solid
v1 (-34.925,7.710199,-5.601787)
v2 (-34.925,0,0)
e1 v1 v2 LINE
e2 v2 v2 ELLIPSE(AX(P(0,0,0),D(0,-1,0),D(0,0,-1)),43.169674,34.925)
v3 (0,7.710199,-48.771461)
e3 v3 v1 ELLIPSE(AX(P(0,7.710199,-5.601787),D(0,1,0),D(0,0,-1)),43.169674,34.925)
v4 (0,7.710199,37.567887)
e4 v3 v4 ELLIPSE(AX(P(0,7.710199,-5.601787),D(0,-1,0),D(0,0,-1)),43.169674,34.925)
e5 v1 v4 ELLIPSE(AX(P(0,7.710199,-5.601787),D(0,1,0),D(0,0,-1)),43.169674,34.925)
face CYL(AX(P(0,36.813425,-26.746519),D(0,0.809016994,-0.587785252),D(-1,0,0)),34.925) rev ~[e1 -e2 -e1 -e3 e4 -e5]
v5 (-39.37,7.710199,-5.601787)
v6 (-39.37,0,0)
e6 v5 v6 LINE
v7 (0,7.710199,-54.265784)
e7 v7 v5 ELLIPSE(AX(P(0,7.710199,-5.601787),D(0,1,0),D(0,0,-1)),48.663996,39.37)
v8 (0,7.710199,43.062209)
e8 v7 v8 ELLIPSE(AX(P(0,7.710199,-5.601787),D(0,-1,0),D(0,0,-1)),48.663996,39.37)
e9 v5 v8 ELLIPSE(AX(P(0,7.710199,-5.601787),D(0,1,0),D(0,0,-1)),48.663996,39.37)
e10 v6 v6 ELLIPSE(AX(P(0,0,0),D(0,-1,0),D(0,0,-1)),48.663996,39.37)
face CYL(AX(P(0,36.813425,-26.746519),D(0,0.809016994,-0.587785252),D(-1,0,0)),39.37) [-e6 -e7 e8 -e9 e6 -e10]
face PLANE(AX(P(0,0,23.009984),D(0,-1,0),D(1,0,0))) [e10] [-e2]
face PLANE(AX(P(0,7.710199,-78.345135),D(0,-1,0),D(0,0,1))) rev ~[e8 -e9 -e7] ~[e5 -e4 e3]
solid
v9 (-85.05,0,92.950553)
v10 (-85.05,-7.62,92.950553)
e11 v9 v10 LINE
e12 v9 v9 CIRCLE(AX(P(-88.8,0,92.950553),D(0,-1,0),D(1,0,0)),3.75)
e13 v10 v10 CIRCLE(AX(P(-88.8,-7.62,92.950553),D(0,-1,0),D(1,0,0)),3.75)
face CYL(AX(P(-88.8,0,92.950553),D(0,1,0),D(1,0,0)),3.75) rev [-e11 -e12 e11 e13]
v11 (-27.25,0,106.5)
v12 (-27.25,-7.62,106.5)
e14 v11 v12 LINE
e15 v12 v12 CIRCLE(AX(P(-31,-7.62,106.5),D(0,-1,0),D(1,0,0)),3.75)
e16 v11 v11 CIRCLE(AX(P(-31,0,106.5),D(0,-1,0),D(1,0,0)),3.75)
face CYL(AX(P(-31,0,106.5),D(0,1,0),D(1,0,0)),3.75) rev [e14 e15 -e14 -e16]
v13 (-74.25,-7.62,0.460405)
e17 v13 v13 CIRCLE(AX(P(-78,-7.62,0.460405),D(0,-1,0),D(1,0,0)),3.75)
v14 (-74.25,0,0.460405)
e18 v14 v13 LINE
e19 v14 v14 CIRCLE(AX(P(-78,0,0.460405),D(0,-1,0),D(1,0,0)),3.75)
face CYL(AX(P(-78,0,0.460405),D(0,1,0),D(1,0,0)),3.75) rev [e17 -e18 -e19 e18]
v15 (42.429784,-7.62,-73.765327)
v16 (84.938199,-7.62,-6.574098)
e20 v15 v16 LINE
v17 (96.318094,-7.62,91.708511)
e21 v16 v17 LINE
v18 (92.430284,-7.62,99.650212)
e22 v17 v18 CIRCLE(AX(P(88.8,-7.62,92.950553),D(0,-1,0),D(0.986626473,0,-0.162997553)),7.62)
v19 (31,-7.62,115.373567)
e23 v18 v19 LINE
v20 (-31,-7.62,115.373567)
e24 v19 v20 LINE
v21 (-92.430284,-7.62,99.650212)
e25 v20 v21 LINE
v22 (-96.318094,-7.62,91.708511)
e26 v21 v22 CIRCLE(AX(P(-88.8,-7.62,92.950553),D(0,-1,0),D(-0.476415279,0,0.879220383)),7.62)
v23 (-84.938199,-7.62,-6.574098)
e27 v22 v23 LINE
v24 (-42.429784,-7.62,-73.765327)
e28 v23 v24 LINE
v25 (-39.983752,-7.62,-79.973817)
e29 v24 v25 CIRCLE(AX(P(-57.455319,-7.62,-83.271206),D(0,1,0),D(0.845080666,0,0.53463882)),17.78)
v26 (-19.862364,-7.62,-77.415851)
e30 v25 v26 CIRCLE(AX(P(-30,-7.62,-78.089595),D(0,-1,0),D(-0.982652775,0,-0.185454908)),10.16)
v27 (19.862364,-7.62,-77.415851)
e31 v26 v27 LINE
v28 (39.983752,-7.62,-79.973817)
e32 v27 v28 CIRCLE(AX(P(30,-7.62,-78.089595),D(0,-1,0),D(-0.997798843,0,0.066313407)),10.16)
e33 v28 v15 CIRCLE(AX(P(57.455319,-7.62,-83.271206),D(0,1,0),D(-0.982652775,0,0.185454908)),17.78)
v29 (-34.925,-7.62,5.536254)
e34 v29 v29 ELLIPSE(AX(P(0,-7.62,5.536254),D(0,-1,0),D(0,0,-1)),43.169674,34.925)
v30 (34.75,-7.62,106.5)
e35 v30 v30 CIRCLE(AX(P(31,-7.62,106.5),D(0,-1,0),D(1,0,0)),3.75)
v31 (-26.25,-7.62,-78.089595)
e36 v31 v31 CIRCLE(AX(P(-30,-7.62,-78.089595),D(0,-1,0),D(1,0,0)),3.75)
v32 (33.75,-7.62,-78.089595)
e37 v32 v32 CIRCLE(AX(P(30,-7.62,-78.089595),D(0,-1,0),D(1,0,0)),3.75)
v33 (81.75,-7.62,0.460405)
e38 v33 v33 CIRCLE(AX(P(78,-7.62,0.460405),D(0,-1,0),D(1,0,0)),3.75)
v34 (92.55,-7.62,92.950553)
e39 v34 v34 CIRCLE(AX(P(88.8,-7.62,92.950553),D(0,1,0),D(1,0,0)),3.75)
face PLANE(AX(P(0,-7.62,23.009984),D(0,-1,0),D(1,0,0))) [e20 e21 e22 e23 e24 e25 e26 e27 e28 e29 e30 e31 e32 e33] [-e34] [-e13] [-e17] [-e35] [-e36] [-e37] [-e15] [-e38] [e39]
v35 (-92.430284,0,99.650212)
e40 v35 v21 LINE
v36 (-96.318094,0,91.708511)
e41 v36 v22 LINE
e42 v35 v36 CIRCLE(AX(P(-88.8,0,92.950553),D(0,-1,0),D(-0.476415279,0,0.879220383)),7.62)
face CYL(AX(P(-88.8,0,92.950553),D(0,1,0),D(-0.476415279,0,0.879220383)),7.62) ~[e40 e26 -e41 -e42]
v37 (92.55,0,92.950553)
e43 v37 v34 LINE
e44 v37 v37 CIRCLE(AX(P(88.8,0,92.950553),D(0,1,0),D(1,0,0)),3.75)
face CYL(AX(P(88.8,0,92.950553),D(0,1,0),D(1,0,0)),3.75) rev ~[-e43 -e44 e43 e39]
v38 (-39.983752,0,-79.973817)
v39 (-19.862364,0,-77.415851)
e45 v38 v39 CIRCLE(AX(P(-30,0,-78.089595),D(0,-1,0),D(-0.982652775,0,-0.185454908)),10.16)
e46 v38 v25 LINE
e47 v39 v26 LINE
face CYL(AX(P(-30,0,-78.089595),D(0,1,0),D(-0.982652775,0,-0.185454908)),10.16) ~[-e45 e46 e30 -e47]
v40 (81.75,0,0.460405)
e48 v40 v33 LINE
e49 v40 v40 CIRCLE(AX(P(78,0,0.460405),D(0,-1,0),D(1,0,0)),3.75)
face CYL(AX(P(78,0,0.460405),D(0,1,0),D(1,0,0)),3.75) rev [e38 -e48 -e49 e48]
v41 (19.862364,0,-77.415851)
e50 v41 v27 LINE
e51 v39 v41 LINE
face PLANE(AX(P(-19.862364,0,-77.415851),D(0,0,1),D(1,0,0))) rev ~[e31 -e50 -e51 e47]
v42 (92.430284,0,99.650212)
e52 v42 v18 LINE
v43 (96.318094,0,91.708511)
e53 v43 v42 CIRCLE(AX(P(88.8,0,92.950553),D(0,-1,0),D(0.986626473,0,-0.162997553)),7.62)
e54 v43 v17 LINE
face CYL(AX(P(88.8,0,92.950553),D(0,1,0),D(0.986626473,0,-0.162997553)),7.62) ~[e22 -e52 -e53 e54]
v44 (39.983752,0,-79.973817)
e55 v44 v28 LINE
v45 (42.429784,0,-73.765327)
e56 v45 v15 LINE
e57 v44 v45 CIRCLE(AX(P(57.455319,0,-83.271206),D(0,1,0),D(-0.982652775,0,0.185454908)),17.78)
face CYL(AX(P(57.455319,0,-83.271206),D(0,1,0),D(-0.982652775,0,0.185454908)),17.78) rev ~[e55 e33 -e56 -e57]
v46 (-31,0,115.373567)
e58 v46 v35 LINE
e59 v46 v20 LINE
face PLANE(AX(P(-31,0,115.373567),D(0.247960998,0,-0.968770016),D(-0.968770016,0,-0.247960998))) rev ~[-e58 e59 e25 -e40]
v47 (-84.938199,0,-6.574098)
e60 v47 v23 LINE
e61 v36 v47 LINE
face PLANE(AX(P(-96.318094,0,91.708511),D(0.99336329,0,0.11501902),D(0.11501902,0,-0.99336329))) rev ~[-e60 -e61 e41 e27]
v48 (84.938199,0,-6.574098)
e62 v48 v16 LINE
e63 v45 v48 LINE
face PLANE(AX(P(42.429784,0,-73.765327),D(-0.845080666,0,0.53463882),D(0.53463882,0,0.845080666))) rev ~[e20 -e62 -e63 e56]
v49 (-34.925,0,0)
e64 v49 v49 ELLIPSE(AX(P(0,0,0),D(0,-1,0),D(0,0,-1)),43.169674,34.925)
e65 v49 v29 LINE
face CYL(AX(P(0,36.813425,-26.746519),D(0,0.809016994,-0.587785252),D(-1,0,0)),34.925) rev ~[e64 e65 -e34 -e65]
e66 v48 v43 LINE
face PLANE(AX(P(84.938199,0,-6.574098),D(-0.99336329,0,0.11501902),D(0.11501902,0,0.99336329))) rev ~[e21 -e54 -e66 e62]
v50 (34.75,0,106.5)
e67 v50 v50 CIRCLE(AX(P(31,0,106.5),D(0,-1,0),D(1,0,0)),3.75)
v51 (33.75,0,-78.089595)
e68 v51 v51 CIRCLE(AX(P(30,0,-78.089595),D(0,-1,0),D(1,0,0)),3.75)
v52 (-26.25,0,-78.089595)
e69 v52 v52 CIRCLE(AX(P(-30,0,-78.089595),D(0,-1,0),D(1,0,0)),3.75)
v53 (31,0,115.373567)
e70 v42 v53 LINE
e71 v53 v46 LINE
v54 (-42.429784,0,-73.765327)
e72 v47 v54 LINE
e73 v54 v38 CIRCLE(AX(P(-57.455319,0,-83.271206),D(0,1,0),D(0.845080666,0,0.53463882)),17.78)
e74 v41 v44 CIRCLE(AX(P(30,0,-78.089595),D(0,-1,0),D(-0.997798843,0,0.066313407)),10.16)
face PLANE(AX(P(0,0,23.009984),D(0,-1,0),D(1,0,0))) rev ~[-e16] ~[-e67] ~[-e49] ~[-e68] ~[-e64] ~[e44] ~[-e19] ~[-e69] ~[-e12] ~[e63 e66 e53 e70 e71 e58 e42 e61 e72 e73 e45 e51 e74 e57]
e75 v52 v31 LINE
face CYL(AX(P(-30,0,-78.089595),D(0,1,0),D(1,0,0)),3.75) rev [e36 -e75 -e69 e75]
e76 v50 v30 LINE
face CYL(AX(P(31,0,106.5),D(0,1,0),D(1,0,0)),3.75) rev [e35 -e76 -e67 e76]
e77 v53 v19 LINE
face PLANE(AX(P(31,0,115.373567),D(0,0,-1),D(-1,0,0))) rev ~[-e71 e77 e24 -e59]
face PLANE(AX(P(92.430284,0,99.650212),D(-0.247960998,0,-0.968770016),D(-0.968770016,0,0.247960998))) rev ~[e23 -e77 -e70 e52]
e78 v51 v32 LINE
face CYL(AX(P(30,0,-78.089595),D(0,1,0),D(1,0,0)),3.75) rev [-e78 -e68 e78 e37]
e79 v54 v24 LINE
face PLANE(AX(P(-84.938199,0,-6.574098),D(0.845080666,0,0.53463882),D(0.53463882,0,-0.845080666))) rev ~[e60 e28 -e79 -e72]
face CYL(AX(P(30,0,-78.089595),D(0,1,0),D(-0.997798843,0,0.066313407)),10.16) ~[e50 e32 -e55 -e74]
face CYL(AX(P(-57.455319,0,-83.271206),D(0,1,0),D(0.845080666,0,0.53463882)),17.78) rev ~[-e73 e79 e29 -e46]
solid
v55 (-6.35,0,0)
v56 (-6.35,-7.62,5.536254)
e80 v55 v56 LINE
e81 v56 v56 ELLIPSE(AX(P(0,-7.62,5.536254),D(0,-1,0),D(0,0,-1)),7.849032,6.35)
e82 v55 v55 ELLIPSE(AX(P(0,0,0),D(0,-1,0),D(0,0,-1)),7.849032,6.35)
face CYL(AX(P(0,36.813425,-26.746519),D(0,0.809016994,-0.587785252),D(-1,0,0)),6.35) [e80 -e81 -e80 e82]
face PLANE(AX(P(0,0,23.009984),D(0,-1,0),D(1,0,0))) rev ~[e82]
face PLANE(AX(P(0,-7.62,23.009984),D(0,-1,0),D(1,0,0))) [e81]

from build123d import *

# Parameters (mm, degrees)
F0_R          = 3.75
F1_DEPTH      = 7.62
F3_R          = 39.37
F3_R_2        = 34.925
F5_R          = 34.925
F5_R_2        = 6.35
F6_DEPTH      = 119.4844861947
F7_W          = 63.9946283773
F7_H          = 122.9776404798
F8_DEPTH      = 50.8
F8_DEPTH_BACK = 50.8


with BuildPart() as f1:
    # F0 (on Front) → F1 (new body)
    with BuildSketch(Plane.XZ):
        with BuildLine():
            Line((-19.8623637505, -77.4158512519), (19.8623637505, -77.4158512519))
            ThreePointArc((19.8623637505, -77.4158512519), (28.7187046808, -88.1684784598), (39.9837521989, -79.9738173344))
            ThreePointArc((39.9837521989, -79.9738173344), (40.9128966099, -76.7537922701), (42.4297843084, -73.7653273698))
            Line((42.4297843084, -73.7653273698), (84.9381992292, -6.5740980437))
            Line((84.9381992292, -6.5740980437), (96.3180937264, 91.7085113337))
            ThreePointArc((96.3180937264, 91.7085113337), (95.6439196557, 96.3009502366), (92.4302844288, 99.6502120034))
            Line((92.4302844288, 99.6502120034), (31, 115.3735667467))
            Line((31, 115.3735667467), (-31, 115.3735667467))
            Line((-31, 115.3735667467), (-92.4302844288, 99.6502120034))
            ThreePointArc((-92.4302844288, 99.6502120034), (-95.6439196557, 96.3009502366), (-96.3180937264, 91.7085113337))
            Line((-96.3180937264, 91.7085113337), (-84.9381992292, -6.5740980437))
            Line((-84.9381992292, -6.5740980437), (-42.4297843084, -73.7653273698))
            ThreePointArc((-42.4297843084, -73.7653273698), (-40.9128966099, -76.7537922701), (-39.9837521989, -79.9738173344))
            ThreePointArc((-39.9837521989, -79.9738173344), (-28.7187046808, -88.1684784598), (-19.8623637505, -77.4158512519))
        make_face()
        with Locations((-30, -78.0895954708)):
            Circle(F0_R, mode=Mode.SUBTRACT)
        with Locations((-78, 0.4604045292)):
            Circle(F0_R, mode=Mode.SUBTRACT)
        with Locations((30, -78.0895954708)):
            Circle(F0_R, mode=Mode.SUBTRACT)
        with Locations((78, 0.4604045292)):
            Circle(F0_R, mode=Mode.SUBTRACT)
        with Locations((-88.8, 92.9505526862)):
            Circle(F0_R, mode=Mode.SUBTRACT)
        with Locations((-31, 106.5)):
            Circle(F0_R, mode=Mode.SUBTRACT)
        with Locations((31, 106.5)):
            Circle(F0_R, mode=Mode.SUBTRACT)
        with BuildLine():
            ThreePointArc((85.05, 92.9505526862), (88.8, 96.7005526862), (92.55, 92.9505526862))
            ThreePointArc((92.55, 92.9505526862), (88.8, 89.2005526862), (85.05, 92.9505526862))
        make_face(mode=Mode.SUBTRACT)
    extrude(amount=F1_DEPTH)


with BuildPart() as f4:
    # F3 (on face) → F4 (new body, up to the next surface of F1)
    with BuildSketch(Plane(origin=(0, 36.8134248988, -26.7465187905), x_dir=(-1, 0, 0), z_dir=(0, 0.8090169944, -0.5877852523))):
        Circle(F3_R)
        Circle(F3_R_2, mode=Mode.SUBTRACT)
    extrude(until=Until.NEXT, target=f1.part, dir=(0, -0.8090169944, 0.5877852523))

    # F7 (on Right) → F8 (cut, two sides)
    with BuildSketch(Plane.YZ) as f8_sk:
        with Locations((39.7075130604, -16.8563146144)):
            Rectangle(F7_W, F7_H)
    extrude(amount=-F8_DEPTH, mode=Mode.SUBTRACT)
    extrude(f8_sk.sketch, amount=F8_DEPTH_BACK, mode=Mode.SUBTRACT)


with BuildPart() as f1_1:
    add(f1.part)

    # F5 (on face) → F6 (cut, through all)
    with BuildSketch(Plane(origin=(0, 36.8134248988, -26.7465187905), x_dir=(-1, 0, 0), z_dir=(0, 0.8090169944, -0.5877852523))):
        Circle(F5_R)
        Circle(F5_R_2, mode=Mode.SUBTRACT)
    extrude(amount=-F6_DEPTH, mode=Mode.SUBTRACT)


solid = Compound([f4.part, f1_1.part])
